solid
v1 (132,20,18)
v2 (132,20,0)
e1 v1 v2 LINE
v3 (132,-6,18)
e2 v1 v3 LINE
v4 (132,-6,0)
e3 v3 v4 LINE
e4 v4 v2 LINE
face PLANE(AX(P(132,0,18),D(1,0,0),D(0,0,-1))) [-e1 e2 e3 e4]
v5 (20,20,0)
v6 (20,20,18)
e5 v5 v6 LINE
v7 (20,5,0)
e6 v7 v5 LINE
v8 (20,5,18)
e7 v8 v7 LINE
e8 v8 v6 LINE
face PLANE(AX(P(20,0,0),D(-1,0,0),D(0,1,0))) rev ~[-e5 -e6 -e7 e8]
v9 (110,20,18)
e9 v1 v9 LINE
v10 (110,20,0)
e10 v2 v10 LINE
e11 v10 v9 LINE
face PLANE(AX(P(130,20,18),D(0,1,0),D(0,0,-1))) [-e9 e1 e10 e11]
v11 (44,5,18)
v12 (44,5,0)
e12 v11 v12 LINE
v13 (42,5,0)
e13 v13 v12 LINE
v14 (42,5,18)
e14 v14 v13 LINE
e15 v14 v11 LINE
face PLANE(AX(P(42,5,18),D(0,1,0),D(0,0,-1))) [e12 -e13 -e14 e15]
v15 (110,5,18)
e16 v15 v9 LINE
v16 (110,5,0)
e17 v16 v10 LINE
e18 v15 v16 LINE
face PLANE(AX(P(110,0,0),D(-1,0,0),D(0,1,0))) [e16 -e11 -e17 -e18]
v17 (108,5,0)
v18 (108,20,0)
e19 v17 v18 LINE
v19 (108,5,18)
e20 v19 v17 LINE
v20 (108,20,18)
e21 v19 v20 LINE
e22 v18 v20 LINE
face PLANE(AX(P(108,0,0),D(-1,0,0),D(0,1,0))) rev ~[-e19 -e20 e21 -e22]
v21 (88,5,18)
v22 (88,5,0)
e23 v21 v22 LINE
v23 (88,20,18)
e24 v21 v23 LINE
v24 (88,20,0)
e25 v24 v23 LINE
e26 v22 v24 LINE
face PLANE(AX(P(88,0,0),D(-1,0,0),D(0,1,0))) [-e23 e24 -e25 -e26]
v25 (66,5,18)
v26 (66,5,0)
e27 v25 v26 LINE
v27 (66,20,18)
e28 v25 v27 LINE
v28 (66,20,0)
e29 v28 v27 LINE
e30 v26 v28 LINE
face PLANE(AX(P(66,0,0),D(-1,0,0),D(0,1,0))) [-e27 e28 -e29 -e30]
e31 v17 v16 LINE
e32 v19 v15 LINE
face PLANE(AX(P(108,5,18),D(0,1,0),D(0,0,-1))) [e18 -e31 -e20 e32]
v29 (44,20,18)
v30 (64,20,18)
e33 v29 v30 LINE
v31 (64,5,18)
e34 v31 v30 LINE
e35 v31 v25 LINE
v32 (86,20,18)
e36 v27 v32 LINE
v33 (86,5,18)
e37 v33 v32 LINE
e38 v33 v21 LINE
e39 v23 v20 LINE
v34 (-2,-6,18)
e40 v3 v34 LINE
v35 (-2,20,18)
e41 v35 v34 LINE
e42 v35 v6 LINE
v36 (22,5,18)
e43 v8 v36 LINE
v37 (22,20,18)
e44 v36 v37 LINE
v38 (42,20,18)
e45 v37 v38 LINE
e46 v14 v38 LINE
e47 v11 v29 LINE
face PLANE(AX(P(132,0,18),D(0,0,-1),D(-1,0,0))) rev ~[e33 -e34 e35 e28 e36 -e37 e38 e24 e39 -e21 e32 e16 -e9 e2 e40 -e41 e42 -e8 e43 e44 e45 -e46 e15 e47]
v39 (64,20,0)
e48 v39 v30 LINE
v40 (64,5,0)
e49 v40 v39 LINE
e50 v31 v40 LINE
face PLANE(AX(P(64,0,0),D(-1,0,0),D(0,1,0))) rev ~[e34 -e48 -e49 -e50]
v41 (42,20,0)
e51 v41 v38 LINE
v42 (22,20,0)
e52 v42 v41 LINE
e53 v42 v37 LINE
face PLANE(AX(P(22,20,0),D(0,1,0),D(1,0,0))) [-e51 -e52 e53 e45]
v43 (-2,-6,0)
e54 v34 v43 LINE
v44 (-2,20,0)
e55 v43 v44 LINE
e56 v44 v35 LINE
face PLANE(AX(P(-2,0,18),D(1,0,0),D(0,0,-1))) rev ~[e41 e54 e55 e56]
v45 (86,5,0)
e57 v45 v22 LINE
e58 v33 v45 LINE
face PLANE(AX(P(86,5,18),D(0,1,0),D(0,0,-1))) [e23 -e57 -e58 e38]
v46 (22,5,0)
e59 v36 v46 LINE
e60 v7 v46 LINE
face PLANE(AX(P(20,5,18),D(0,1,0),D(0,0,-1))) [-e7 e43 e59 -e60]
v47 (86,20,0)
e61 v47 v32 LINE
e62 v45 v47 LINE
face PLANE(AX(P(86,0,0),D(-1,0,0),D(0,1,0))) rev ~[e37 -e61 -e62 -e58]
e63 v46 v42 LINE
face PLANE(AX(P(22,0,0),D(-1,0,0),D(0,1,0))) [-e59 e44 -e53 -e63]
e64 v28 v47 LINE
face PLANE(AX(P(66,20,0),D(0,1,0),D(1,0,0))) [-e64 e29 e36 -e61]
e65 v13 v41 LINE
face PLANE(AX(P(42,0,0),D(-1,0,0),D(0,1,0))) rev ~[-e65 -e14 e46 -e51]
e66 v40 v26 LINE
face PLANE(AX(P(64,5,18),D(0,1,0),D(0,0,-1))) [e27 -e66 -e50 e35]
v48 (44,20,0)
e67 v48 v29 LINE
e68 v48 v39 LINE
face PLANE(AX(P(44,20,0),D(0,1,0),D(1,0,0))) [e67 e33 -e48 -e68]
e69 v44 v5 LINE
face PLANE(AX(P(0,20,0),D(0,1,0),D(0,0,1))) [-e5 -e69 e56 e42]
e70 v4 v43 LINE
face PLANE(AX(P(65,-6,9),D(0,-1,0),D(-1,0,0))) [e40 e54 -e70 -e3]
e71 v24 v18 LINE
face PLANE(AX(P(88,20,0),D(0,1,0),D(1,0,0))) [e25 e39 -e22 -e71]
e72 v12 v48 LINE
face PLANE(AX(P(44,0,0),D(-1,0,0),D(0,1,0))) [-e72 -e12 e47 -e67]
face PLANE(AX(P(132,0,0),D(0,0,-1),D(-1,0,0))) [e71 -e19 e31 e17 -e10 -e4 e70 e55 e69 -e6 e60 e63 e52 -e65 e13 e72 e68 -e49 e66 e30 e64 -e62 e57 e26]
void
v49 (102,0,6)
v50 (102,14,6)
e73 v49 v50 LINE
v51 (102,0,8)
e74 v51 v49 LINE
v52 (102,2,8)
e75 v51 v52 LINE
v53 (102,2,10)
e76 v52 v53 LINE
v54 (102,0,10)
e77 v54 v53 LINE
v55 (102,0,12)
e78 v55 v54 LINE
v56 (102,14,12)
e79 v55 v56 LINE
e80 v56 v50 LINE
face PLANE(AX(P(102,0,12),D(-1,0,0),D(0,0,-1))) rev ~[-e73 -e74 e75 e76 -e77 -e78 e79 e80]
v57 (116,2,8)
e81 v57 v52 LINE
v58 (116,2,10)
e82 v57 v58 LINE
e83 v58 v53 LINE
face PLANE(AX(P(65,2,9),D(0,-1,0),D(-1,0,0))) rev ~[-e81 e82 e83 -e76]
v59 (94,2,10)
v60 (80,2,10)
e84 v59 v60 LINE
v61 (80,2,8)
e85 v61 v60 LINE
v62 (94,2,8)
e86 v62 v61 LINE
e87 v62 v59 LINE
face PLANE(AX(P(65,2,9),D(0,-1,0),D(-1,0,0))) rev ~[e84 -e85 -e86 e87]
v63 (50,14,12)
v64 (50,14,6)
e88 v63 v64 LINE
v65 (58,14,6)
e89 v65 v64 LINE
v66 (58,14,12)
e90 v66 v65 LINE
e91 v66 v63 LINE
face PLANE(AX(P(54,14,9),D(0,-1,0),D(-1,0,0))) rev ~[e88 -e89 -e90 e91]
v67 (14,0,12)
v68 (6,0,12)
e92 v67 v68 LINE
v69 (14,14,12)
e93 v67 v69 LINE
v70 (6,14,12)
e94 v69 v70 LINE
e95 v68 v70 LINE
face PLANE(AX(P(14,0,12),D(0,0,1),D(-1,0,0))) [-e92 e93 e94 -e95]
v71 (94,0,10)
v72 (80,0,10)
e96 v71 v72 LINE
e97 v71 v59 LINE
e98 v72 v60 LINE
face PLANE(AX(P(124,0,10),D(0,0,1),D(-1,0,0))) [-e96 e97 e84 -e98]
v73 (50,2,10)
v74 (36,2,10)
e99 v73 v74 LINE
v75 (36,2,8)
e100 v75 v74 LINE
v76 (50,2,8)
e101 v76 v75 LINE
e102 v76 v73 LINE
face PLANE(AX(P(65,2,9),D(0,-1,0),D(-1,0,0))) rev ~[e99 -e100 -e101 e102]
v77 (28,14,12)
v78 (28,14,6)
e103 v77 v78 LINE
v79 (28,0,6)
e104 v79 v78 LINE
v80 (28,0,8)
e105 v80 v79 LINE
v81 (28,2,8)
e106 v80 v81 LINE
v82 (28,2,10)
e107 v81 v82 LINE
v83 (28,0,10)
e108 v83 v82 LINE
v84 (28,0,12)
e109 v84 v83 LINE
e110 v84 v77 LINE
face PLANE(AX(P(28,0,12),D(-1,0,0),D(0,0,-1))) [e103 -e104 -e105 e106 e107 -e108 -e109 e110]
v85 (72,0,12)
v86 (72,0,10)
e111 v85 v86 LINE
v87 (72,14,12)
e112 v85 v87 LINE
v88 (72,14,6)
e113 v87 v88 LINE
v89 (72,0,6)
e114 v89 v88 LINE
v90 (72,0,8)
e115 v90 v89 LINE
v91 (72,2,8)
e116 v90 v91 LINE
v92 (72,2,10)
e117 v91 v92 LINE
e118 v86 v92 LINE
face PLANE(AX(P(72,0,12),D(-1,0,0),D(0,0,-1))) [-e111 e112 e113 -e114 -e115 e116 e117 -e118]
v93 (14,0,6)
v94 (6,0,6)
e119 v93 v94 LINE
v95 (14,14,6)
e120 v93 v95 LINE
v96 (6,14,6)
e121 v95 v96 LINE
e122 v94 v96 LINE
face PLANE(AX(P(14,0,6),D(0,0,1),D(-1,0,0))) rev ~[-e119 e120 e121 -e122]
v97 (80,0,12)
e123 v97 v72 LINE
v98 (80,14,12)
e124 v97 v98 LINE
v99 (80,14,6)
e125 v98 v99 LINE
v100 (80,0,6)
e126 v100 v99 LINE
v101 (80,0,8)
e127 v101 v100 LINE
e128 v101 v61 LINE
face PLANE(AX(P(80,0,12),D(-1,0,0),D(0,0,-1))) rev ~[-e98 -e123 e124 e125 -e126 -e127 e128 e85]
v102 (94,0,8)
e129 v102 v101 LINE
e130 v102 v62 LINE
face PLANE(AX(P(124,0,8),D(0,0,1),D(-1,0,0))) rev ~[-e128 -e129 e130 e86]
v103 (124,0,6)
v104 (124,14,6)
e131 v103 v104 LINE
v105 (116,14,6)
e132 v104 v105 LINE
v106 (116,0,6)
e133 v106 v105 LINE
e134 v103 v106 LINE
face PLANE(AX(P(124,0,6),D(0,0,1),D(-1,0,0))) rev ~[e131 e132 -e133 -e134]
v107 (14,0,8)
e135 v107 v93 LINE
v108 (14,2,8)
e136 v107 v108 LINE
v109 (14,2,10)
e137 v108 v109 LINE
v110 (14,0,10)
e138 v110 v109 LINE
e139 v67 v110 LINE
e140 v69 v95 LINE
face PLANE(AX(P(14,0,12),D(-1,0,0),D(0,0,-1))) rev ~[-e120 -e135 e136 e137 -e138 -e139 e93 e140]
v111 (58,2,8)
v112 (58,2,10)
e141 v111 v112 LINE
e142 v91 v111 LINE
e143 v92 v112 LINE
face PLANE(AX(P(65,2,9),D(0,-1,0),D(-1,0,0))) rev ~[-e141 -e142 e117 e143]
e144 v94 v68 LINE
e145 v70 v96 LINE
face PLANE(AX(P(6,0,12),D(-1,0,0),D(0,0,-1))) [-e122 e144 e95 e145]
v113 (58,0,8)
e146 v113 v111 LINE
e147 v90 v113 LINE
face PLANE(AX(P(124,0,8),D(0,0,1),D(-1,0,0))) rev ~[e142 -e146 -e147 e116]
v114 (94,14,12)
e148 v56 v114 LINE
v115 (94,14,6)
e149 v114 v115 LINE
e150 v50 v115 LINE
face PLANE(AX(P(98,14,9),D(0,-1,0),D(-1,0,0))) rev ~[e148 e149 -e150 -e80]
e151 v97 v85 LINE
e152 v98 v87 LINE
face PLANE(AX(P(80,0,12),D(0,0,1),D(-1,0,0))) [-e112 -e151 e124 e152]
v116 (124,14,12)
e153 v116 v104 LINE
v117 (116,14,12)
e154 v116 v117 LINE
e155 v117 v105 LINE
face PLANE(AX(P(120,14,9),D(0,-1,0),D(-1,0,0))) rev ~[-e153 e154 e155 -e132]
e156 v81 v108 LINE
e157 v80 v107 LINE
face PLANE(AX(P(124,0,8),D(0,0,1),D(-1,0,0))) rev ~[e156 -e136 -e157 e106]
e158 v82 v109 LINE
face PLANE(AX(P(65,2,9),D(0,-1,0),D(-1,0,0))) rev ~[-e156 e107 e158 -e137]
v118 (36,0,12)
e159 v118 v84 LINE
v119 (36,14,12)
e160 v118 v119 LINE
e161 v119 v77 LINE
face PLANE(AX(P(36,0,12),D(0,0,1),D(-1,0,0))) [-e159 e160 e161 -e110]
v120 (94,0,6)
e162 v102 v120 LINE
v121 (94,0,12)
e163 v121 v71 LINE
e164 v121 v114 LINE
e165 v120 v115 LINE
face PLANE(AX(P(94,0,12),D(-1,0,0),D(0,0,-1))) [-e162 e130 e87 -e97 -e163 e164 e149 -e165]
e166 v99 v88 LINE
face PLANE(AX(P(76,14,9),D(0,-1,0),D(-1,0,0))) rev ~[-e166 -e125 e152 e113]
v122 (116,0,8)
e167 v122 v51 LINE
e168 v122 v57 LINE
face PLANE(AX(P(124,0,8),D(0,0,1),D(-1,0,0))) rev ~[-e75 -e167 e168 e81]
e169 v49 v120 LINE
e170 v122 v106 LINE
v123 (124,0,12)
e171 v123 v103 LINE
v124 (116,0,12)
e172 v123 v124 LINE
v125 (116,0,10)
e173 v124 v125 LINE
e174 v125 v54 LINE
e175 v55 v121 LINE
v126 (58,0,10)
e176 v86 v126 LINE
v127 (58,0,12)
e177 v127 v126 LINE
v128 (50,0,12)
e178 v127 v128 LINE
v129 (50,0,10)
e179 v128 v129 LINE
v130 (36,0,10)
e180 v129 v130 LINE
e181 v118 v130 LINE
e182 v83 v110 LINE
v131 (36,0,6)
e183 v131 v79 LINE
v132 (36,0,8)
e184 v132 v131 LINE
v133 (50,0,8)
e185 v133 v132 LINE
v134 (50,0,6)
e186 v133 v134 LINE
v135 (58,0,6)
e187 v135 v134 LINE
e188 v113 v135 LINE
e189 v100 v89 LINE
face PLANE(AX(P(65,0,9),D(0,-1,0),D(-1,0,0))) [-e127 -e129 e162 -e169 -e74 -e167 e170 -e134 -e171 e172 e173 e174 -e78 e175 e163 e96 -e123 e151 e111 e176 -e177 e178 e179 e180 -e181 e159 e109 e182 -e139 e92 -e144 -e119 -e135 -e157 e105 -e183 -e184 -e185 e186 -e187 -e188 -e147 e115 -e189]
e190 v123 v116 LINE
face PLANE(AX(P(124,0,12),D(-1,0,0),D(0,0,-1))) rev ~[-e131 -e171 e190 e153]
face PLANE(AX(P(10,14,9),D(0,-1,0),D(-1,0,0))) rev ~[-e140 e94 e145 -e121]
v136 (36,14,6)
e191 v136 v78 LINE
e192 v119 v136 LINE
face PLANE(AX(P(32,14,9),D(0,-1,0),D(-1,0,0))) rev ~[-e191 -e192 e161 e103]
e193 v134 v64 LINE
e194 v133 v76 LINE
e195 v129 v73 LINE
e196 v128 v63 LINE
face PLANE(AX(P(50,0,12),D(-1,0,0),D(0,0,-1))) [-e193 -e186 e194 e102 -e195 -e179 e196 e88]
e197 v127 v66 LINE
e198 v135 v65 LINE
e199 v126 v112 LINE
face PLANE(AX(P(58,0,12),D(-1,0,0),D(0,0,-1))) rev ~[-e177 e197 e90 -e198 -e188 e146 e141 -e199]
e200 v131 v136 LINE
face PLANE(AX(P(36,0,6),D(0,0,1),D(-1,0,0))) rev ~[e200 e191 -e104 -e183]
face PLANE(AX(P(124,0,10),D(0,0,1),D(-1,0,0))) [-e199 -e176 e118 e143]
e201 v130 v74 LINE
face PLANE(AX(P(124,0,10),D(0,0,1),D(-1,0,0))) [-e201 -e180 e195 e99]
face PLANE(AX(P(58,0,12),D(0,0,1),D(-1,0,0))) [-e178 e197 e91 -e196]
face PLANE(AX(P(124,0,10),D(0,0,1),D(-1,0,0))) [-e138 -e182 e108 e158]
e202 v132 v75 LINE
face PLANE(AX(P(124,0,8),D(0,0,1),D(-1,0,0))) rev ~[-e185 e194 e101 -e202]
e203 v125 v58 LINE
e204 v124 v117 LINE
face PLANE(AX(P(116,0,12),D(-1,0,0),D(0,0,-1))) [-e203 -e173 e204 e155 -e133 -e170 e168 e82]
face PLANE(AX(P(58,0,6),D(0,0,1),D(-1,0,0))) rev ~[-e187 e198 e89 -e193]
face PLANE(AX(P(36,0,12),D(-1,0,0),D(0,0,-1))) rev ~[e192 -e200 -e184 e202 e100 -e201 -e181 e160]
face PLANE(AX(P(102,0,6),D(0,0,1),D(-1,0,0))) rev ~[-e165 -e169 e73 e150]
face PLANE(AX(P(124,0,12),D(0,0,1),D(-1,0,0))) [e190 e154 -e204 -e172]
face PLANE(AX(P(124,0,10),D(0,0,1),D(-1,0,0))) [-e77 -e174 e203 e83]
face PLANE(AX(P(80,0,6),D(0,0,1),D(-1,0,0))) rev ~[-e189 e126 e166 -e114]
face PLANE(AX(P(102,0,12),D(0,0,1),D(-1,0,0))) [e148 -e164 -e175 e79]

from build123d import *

# Parameters (mm, degrees)
SKETCH1_W           = 20
SKETCH1_H           = 20
BOSS_EXTRUDE1_DEPTH = 18
SKETCH2_W           = 8
SKETCH2_H           = 6
CUT_EXTRUDE1_DEPTH  = 14
SKETCH3_W           = 18
SKETCH3_H           = 5
BOSS_EXTRUDE2_DEPTH = 2
LPATTERN1_COUNT     = 6
LPATTERN1_PITCH     = 22
SKETCH4_W           = 18
SKETCH4_H           = 15
BOSS_EXTRUDE3_DEPTH = 2
SKETCH5_W           = 18
SKETCH5_H           = 20
BOSS_EXTRUDE4_DEPTH = 2
SKETCH6_W           = 118
SKETCH6_H           = 2
CUT_EXTRUDE2_DEPTH  = 2
SKETCH7_W           = 134
SKETCH7_H           = 18
BOSS_EXTRUDE5_DEPTH = 6


with BuildPart() as part:
    # Sketch1 → Boss-Extrude1 (new body)
    with BuildSketch(Plane.XY):
        with Locations((10, 10)):
            Rectangle(SKETCH1_W, SKETCH1_H)
    extrude(amount=BOSS_EXTRUDE1_DEPTH)

    # Sketch2 → Cut-Extrude1 (cut)
    with BuildSketch(Plane(origin=(0, 0, 0), x_dir=(-1, 0, 0), z_dir=(0, -1, 0))):
        with Locations((-10, -9)):
            Rectangle(SKETCH2_W, SKETCH2_H)
    extrude(amount=-CUT_EXTRUDE1_DEPTH, mode=Mode.SUBTRACT)

    # Sketch3 → Boss-Extrude2 (add)
    with BuildSketch(Plane(origin=(20, 0, 0), x_dir=(0, 0, -1), z_dir=(1, 0, 0))):
        with Locations((-9, 2.5)):
            Rectangle(SKETCH3_W, SKETCH3_H)
    extrude(amount=BOSS_EXTRUDE2_DEPTH)


with BuildPart() as lpattern1_1:
    # LPattern1: pattern copy
    add(part.part.moved(Location(Vector(1, 0, 0) * (1 * LPATTERN1_PITCH))))


with BuildPart() as lpattern1_2:
    # LPattern1: pattern copy
    add(part.part.moved(Location(Vector(1, 0, 0) * (2 * LPATTERN1_PITCH))))


with BuildPart() as lpattern1_3:
    # LPattern1: pattern copy
    add(part.part.moved(Location(Vector(1, 0, 0) * (3 * LPATTERN1_PITCH))))


with BuildPart() as lpattern1_4:
    # LPattern1: pattern copy
    add(part.part.moved(Location(Vector(1, 0, 0) * (4 * LPATTERN1_PITCH))))


with BuildPart() as lpattern1_5:
    # LPattern1: pattern copy
    add(part.part.moved(Location(Vector(1, 0, 0) * (5 * LPATTERN1_PITCH))))

    # Sketch4 → Boss-Extrude3 (add)
    with BuildSketch(Plane(origin=(130, 0, 0), x_dir=(0, 0, -1), z_dir=(1, 0, 0))):
        with Locations((-9, 12.5)):
            Rectangle(SKETCH4_W, SKETCH4_H)
    extrude(amount=BOSS_EXTRUDE3_DEPTH)


with BuildPart() as part_1:
    add(part.part)

    # Sketch5 → Boss-Extrude4 (add)
    with BuildSketch(Plane.ZY):
        with Locations((9, 10)):
            Rectangle(SKETCH5_W, SKETCH5_H)
    extrude(amount=BOSS_EXTRUDE4_DEPTH)


with BuildPart() as lpattern1_4_1:
    add(lpattern1_4.part)

    # Combine1: union LPattern1_5, part, LPattern1_1, LPattern1_2, LPattern1_3
    add(lpattern1_5.part)
    add(part_1.part)
    add(lpattern1_1.part)
    add(lpattern1_2.part)
    add(lpattern1_3.part)

    # Sketch6 → Cut-Extrude2 (cut)
    with BuildSketch(Plane(origin=(0, 0, 0), x_dir=(-1, 0, 0), z_dir=(0, -1, 0))):
        with Locations((-65, -9)):
            Rectangle(SKETCH6_W, SKETCH6_H)
    extrude(amount=-CUT_EXTRUDE2_DEPTH, mode=Mode.SUBTRACT)

    # Sketch7 → Boss-Extrude5 (add)
    with BuildSketch(Plane(origin=(0, 0, 0), x_dir=(-1, 0, 0), z_dir=(0, -1, 0))):
        with Locations((-65, -9)):
            Rectangle(SKETCH7_W, SKETCH7_H)
    extrude(amount=BOSS_EXTRUDE5_DEPTH)


solid = lpattern1_4_1.part
